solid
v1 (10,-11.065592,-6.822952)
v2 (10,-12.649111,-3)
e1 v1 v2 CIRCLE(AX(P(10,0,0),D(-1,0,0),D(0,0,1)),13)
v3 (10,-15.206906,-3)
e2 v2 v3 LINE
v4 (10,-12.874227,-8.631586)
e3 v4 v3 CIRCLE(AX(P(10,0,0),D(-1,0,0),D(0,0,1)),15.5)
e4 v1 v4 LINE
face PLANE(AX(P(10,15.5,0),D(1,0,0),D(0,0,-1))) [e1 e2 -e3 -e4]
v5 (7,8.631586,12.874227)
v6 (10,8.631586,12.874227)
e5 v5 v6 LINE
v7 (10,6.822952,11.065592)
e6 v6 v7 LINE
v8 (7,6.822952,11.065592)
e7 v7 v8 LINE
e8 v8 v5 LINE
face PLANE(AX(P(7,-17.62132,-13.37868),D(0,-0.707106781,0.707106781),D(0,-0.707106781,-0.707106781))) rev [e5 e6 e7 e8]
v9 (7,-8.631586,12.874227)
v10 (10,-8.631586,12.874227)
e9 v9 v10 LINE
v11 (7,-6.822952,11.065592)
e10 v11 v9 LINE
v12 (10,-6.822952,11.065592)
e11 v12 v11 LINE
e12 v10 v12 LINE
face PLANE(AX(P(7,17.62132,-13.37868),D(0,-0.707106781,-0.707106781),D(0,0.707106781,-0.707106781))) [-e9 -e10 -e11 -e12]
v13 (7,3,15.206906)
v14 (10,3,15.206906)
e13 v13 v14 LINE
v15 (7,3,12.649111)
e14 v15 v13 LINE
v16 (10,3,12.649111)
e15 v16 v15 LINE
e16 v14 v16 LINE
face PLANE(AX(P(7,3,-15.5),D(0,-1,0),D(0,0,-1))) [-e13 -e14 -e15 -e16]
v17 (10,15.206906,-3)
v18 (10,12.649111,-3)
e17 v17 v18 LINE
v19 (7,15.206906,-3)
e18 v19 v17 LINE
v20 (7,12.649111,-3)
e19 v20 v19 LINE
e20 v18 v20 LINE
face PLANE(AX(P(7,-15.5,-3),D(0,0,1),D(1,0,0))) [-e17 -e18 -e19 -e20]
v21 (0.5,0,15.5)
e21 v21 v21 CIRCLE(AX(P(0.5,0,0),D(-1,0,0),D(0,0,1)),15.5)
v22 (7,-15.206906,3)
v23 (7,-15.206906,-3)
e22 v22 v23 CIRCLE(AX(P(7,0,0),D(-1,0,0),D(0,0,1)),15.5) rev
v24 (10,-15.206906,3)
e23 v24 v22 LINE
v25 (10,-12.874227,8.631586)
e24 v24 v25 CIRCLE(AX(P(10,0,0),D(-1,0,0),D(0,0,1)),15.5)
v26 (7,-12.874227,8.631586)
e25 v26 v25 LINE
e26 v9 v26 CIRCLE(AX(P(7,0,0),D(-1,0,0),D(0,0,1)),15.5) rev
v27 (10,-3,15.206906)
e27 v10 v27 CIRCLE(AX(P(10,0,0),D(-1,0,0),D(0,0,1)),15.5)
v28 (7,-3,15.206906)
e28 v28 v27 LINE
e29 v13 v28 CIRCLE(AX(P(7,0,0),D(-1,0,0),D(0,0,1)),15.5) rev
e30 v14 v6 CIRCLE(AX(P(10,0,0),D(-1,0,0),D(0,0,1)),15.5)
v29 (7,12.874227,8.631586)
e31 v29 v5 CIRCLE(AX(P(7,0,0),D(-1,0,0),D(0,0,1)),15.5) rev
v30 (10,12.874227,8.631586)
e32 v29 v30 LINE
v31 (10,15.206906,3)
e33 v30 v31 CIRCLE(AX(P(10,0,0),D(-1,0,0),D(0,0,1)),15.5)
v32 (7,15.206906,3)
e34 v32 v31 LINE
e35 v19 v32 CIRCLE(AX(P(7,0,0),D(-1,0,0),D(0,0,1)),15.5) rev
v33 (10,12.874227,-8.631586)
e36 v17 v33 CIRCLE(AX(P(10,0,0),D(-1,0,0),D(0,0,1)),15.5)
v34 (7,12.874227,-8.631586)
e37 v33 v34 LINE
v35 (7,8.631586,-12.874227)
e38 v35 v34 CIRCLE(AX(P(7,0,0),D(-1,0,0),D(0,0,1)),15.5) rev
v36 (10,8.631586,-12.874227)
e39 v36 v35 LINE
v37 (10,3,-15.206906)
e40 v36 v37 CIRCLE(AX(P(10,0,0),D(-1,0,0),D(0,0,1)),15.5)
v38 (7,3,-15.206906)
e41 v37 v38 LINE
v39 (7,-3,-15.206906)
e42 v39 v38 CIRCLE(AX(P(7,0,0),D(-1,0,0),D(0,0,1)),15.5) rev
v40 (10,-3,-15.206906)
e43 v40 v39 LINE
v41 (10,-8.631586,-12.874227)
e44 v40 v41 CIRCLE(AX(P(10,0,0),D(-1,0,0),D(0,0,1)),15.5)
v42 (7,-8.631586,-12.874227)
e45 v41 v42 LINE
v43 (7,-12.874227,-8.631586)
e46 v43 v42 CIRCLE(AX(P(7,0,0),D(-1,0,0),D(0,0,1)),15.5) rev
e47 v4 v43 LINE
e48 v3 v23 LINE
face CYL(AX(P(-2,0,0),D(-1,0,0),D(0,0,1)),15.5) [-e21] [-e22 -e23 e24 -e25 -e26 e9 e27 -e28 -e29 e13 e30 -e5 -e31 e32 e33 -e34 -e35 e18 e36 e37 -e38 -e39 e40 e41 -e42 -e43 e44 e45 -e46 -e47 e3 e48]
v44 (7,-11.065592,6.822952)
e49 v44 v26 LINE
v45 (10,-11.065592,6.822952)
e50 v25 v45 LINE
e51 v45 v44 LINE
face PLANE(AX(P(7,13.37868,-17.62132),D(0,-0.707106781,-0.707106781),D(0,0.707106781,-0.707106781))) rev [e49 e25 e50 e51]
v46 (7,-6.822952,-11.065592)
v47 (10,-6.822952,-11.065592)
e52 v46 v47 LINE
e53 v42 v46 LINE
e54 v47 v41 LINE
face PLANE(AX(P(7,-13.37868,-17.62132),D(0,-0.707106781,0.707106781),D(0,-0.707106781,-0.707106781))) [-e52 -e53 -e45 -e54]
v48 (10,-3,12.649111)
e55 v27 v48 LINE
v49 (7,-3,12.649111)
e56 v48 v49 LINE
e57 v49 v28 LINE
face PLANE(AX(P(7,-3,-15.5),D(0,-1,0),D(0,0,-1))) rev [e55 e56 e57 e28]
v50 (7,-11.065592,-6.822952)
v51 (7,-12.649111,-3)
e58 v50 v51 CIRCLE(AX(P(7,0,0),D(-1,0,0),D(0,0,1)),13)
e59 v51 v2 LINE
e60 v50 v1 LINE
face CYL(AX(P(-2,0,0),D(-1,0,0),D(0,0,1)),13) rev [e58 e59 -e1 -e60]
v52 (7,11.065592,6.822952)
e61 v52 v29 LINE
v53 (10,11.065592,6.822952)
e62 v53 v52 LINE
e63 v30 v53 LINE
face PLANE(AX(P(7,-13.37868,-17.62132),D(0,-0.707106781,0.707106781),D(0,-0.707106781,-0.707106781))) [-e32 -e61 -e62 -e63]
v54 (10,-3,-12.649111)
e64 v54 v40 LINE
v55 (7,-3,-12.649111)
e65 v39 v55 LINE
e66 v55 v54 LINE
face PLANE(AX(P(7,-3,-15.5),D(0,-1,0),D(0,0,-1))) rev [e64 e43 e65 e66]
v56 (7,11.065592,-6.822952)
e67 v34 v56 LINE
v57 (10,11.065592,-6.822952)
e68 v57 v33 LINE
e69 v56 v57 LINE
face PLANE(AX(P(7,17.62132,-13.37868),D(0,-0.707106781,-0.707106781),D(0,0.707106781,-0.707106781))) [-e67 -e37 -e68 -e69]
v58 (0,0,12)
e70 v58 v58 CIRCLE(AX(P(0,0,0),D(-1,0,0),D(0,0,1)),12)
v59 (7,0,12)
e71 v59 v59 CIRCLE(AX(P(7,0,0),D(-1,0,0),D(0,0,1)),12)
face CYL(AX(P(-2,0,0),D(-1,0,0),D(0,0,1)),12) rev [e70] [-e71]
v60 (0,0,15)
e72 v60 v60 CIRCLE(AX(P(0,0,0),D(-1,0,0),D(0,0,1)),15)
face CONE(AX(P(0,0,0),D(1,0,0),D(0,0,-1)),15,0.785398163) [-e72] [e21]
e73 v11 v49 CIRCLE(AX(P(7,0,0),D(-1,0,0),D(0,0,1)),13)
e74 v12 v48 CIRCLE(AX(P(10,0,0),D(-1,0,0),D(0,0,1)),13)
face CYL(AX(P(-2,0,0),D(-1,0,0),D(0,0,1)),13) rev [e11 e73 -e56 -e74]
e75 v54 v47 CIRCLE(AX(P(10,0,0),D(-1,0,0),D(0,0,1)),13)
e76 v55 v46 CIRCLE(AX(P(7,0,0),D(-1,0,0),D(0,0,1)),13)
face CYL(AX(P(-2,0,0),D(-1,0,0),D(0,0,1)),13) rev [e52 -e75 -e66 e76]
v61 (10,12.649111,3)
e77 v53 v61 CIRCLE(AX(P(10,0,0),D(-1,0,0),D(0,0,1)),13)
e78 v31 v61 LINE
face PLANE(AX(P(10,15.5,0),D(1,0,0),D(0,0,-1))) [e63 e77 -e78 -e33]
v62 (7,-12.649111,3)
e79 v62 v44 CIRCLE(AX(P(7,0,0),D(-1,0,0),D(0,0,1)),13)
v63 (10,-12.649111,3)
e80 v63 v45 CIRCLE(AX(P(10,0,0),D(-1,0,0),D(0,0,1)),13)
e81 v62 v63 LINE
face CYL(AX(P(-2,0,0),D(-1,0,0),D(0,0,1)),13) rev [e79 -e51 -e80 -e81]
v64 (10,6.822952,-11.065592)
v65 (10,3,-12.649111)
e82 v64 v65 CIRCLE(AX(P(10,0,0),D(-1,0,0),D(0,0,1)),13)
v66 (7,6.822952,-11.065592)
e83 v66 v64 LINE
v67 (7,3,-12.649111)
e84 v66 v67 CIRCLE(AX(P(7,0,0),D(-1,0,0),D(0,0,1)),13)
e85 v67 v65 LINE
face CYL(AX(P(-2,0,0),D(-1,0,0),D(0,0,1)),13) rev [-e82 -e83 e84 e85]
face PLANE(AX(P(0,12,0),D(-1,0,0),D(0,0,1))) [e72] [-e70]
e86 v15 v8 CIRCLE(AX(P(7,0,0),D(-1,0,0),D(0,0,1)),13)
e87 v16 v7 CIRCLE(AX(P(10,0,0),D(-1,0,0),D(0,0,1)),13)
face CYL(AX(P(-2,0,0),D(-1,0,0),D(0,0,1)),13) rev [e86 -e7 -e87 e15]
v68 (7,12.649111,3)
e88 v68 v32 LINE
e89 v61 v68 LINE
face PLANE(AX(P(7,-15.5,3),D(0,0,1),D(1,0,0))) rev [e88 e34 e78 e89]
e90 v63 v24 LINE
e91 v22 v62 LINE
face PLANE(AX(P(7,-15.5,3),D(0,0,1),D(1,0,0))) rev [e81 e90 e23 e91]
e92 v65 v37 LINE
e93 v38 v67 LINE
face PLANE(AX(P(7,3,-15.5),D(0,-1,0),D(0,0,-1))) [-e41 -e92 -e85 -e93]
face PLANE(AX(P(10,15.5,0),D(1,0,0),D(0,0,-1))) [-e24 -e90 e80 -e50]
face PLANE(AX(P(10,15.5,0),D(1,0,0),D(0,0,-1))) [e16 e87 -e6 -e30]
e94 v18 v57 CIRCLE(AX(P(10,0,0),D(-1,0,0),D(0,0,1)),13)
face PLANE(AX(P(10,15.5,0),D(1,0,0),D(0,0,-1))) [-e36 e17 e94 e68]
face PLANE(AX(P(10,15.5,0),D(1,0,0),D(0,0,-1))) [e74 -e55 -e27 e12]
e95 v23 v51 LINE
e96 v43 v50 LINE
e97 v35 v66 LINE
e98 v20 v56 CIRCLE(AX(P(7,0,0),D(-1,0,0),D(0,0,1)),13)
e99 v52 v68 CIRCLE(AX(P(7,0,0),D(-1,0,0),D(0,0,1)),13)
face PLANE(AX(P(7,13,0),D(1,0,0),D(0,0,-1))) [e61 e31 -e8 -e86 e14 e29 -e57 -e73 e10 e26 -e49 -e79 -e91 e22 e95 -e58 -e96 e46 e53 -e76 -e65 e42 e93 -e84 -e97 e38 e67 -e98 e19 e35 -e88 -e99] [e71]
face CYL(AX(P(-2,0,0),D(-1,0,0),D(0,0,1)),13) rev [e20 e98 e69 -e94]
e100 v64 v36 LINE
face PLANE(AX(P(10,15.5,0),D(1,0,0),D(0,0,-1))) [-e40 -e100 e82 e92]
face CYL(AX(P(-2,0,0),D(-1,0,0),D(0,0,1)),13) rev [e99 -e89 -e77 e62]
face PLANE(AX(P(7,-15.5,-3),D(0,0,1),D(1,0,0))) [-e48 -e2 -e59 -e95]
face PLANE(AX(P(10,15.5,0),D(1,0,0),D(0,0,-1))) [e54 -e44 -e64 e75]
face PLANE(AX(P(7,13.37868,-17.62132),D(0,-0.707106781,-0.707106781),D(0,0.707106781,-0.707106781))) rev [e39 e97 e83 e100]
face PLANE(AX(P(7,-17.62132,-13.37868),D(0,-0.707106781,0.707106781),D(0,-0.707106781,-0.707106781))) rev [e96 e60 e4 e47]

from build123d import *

# Parameters (mm, degrees)
ESQUISSE2_W                  = 4
ESQUISSE2_H                  = 6
ENL_V_MAT_EXTRU_1_DEPTH      = 37.503424497
R_P_TITION_CIRCULAIRE1_COUNT = 4
R_P_TITION_CIRCULAIRE1_ANGLE = 135


with BuildPart() as part:
    # Esquisse1 → Base-Révolution (revolve)
    with BuildSketch(Plane.XY, mode=Mode.PRIVATE) as base_r_volution_sk:
        Polygon((0, 12), (0, 15), (0.5, 15.5), (10, 15.5), (10, 13), (7, 13), (7, 12), align=None)
    revolve(base_r_volution_sk.sketch.rotate(Axis((-2, 0, 0), (1, 0, 0)), 90), axis=Axis((-2, 0, 0), (1, 0, 0)))

    # Esquisse2 → Enlèv. mat.-Extru.1 (cut, through all)
    with BuildSketch(Plane(origin=(0, 16, 0), x_dir=(-1, 0, 0), z_dir=(0, 1, 0))):
        with Locations((-9, 0)):
            Rectangle(ESQUISSE2_W, ESQUISSE2_H)
    enl_v_mat_extru_1 = extrude(amount=-ENL_V_MAT_EXTRU_1_DEPTH, mode=Mode.SUBTRACT)

    # Répétition circulaire1: Enlèv. mat.-Extru.1 ×4 about axis
    r_p_tition_circulaire1_axis = Axis((-2, 0, 0), (1, 0, 0))
    for i in range(1, R_P_TITION_CIRCULAIRE1_COUNT):
        add(enl_v_mat_extru_1.rotate(r_p_tition_circulaire1_axis, i * R_P_TITION_CIRCULAIRE1_ANGLE / (R_P_TITION_CIRCULAIRE1_COUNT - 1)), mode=Mode.SUBTRACT)


solid = part.part
